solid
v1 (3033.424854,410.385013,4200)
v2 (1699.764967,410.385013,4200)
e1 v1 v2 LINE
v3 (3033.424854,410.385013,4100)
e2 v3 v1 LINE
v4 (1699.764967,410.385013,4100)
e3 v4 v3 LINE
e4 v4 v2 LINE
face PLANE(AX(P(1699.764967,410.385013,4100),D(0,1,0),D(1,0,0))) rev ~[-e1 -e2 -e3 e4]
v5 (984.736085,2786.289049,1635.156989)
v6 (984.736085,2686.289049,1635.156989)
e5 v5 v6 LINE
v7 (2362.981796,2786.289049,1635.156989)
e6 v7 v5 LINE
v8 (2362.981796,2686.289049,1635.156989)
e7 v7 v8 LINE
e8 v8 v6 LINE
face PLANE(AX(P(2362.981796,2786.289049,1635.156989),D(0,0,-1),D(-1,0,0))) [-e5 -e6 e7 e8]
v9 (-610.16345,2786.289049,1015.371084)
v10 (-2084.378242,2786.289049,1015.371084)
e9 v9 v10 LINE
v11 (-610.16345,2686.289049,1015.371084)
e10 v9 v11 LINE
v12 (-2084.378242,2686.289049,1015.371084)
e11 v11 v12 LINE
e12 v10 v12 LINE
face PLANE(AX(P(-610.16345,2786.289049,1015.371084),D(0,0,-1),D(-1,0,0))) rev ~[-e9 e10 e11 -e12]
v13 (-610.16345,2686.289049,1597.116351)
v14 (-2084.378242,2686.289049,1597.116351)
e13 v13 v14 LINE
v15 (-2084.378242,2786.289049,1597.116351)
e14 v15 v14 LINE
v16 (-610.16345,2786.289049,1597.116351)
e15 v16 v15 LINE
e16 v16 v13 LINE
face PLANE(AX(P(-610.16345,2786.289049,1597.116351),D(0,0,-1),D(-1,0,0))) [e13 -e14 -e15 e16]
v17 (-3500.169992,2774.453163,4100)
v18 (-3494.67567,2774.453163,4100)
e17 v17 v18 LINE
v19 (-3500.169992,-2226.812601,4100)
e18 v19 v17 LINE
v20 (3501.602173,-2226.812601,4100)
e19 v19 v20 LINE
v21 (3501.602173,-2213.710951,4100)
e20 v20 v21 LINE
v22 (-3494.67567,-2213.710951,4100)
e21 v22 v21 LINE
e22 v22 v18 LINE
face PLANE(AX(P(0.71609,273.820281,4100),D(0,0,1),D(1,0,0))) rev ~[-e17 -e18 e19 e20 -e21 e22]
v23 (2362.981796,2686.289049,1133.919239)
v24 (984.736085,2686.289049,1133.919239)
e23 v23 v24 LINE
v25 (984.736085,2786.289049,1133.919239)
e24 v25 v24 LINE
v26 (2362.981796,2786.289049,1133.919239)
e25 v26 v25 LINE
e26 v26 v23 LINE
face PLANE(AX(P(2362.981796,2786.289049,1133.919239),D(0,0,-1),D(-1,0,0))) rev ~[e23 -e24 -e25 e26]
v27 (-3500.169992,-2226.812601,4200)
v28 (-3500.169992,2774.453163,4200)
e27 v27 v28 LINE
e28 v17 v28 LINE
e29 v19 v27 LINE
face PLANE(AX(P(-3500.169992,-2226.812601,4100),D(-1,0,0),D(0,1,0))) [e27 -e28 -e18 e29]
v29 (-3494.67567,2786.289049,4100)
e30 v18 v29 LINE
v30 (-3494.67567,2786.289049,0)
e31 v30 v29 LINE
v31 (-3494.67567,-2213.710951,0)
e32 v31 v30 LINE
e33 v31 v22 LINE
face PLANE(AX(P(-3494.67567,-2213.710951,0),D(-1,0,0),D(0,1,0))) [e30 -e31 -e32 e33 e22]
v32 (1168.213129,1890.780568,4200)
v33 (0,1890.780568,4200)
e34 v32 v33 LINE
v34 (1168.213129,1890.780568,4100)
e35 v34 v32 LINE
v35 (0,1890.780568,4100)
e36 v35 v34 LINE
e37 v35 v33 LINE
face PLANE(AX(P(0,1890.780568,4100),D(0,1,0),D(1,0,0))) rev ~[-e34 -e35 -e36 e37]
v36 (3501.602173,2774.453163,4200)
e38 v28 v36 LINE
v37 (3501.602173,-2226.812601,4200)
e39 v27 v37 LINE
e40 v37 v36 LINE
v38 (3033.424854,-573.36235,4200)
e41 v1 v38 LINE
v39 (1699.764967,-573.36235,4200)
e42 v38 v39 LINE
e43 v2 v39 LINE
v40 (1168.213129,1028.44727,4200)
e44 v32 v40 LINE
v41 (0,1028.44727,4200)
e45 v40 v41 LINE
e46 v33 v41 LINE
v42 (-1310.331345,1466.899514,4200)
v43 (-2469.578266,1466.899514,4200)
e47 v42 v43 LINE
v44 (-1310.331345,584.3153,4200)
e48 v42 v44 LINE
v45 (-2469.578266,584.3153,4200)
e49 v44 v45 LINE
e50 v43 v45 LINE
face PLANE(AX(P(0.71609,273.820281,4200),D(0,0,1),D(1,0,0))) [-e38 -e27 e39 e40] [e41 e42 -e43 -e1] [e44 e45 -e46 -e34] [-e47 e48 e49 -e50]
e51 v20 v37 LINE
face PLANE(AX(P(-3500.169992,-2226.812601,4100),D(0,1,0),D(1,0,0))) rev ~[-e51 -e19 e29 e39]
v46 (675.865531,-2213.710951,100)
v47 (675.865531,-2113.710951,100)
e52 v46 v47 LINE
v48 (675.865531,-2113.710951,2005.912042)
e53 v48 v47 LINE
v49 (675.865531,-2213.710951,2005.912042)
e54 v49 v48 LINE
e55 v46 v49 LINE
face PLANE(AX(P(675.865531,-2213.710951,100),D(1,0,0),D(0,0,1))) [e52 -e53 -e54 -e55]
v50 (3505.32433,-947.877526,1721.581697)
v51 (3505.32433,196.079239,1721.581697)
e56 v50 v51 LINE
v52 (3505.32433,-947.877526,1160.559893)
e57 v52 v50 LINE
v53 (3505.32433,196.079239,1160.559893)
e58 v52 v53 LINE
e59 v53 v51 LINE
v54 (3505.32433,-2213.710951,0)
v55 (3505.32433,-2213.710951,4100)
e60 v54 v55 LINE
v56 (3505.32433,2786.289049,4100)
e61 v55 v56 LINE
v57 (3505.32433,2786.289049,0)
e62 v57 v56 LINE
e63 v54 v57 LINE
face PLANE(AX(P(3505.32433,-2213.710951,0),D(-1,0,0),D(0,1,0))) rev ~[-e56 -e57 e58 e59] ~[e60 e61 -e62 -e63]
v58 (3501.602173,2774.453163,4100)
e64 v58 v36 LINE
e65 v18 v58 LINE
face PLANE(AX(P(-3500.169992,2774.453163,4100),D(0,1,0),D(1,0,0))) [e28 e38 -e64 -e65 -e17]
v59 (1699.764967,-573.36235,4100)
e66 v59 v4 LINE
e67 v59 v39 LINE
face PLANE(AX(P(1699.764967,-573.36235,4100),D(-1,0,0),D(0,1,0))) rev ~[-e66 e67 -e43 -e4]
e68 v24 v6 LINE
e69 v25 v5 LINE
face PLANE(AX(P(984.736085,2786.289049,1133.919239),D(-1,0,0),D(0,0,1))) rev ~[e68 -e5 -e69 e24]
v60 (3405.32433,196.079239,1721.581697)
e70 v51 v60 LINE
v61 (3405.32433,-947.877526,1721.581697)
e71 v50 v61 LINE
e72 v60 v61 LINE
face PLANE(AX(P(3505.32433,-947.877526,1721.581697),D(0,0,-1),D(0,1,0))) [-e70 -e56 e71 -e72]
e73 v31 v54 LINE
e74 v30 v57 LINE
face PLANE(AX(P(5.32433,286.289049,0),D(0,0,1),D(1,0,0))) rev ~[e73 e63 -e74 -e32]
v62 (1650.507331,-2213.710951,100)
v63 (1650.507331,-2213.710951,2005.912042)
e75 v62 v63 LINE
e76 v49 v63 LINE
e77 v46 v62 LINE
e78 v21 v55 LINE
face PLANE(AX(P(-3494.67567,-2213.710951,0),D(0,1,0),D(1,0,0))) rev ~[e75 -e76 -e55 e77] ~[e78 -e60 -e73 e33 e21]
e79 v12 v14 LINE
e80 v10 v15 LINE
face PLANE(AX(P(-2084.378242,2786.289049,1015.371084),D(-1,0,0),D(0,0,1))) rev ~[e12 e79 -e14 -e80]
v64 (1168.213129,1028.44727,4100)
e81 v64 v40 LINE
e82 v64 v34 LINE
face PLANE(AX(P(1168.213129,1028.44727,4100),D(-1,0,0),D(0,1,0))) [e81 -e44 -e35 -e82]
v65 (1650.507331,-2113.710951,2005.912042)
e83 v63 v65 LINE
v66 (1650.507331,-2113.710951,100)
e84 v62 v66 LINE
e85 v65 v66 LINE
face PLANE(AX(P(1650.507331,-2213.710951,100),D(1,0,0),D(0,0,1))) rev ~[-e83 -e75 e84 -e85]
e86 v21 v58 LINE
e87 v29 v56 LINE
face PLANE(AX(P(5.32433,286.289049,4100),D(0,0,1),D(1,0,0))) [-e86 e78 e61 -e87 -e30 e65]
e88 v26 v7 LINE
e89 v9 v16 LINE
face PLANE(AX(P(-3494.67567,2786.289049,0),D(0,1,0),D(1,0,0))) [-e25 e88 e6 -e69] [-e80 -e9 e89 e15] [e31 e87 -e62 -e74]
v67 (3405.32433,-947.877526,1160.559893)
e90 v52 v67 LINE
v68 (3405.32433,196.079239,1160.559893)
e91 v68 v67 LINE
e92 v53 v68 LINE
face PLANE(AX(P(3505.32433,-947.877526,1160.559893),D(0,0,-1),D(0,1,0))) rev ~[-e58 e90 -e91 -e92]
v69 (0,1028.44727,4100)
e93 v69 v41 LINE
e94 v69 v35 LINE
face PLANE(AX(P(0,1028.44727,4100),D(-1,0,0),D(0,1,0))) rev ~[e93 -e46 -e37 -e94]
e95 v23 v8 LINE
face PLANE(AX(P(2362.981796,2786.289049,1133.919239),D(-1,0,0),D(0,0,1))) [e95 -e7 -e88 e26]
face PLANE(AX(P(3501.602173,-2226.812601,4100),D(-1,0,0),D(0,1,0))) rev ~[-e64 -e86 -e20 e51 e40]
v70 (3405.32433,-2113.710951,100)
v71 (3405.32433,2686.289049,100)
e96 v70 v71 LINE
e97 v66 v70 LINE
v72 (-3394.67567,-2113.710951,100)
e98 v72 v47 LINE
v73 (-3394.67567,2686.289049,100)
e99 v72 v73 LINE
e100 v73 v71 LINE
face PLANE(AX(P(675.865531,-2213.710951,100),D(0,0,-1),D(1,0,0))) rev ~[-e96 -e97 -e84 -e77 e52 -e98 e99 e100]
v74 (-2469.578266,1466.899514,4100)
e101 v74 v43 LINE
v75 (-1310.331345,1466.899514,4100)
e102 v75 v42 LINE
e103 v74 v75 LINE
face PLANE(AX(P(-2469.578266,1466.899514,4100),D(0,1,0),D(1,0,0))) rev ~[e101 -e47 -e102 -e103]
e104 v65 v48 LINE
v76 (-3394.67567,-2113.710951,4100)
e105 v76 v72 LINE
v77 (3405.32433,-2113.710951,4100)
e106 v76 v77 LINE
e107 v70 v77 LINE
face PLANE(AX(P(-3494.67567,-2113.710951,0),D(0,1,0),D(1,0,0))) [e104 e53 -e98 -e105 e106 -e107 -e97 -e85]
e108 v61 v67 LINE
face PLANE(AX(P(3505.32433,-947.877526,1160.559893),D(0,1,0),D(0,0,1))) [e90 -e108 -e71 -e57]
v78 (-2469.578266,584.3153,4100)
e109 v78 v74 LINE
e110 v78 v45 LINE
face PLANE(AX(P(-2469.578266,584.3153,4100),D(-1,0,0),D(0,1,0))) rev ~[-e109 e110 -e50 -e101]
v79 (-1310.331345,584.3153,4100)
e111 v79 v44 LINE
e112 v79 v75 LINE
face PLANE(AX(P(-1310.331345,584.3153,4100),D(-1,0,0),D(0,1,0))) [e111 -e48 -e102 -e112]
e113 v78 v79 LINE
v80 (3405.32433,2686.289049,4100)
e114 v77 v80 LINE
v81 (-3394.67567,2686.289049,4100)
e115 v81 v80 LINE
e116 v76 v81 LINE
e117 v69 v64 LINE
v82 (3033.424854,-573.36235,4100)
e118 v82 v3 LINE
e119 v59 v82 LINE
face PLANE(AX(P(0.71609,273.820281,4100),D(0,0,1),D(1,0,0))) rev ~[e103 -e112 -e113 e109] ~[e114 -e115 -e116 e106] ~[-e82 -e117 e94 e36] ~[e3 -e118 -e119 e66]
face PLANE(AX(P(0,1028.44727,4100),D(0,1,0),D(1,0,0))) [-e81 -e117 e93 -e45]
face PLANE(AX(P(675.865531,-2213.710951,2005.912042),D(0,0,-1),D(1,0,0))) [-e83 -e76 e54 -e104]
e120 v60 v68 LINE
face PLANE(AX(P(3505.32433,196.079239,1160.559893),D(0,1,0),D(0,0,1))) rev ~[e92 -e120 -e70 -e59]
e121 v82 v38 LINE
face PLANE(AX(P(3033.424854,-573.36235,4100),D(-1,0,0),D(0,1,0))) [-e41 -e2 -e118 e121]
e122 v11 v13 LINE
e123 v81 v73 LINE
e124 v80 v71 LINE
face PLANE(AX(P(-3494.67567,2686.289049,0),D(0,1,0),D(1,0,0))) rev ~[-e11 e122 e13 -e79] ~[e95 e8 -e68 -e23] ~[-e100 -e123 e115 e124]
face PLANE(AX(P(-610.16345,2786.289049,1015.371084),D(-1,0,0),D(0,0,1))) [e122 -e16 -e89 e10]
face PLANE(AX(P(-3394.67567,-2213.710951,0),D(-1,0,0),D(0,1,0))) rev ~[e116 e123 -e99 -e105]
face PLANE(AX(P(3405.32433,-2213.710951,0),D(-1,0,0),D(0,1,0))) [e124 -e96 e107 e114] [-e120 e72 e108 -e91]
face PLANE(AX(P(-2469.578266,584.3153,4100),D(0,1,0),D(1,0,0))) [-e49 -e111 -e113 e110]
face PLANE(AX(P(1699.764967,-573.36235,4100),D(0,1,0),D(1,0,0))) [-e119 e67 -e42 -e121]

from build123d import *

# Parameters (mm, degrees)
F0_W      = 7000
F0_H      = 5000
F1_DEPTH  = 4100
F2_T      = -100
F4_W      = 7001.7721652985
F4_H      = 5001.2657642365
F5_DEPTH  = 100
F6_W      = 1159.2469215393
F6_H      = 882.5842142105
F6_W_2    = 1168.2131290436
F6_H_2    = 862.3332977295
F6_W_3    = 1333.6598873138
F6_H_3    = 983.7473630905
F7_DEPTH  = 150
F8_W      = 1143.9567655325
F8_H      = 561.0218048096
F9_DEPTH  = 150
F10_W     = 1378.2457113266
F10_H     = 501.2377500534
F10_W_2   = 1474.2147922516
F10_H_2   = 581.7452669144
F11_DEPTH = 150
F12_W     = 974.6417999268
F12_H     = 1905.9120416641
F13_DEPTH = 150


with BuildPart() as f1:
    # F0 (on Top) → F1 (new body)
    with BuildSketch(Plane.XY):
        with Locations((5.3243301809, 286.2890493809)):
            Rectangle(F0_W, F0_H)
    extrude(amount=F1_DEPTH)

    # F2
    f2_openings = [f1.faces().sort_by_distance(p)[0] for p in [
        (5.32433, 286.289049, 4100),
    ]]
    offset(amount=F2_T, openings=f2_openings)

    # F4 (on 3pt) → F5 (join)
    with BuildSketch(Plane.XY.offset(4100)):
        with Locations((0.7160902023, 273.8202810287)):
            Rectangle(F4_W, F4_H)
    extrude(amount=F5_DEPTH)

    # F6 (on 3pt) → F7 (cut)
    with BuildSketch(Plane.XY.offset(4100)):
        with Locations((-1889.9548053741, 1025.607407093)):
            Rectangle(F6_W, F6_H)
        with Locations((584.1065645218, 1459.6139192581)):
            Rectangle(F6_W_2, F6_H_2)
        with Locations((2366.5949106216, -81.4886689186)):
            Rectangle(F6_W_3, F6_H_3)
    extrude(amount=F7_DEPTH, mode=Mode.SUBTRACT)

    # F8 (on face) → F9 (cut)
    with BuildSketch(Plane.YZ.offset(3505.3243301809)):
        with Locations((-375.899143517, 1441.0707950592)):
            Rectangle(F8_W, F8_H)
    extrude(amount=-F9_DEPTH, mode=Mode.SUBTRACT)

    # F10 (on face) → F11 (cut)
    with BuildSketch(Plane(origin=(0, 2786.2890493809, 0), x_dir=(-1, 0, 0), z_dir=(0, 1, 0))):
        with Locations((-1673.8589406013, 1384.5381140709)):
            Rectangle(F10_W, F10_H)
        with Locations((1347.2708463669, 1306.2437176704)):
            Rectangle(F10_W_2, F10_H_2)
    extrude(amount=-F11_DEPTH, mode=Mode.SUBTRACT)

    # F12 (on face) → F13 (cut)
    with BuildSketch(Plane.XZ.offset(2213.7109506191)):
        with Locations((1163.1864309311, 1052.9560208321)):
            Rectangle(F12_W, F12_H)
    extrude(amount=-F13_DEPTH, mode=Mode.SUBTRACT)


solid = f1.part
